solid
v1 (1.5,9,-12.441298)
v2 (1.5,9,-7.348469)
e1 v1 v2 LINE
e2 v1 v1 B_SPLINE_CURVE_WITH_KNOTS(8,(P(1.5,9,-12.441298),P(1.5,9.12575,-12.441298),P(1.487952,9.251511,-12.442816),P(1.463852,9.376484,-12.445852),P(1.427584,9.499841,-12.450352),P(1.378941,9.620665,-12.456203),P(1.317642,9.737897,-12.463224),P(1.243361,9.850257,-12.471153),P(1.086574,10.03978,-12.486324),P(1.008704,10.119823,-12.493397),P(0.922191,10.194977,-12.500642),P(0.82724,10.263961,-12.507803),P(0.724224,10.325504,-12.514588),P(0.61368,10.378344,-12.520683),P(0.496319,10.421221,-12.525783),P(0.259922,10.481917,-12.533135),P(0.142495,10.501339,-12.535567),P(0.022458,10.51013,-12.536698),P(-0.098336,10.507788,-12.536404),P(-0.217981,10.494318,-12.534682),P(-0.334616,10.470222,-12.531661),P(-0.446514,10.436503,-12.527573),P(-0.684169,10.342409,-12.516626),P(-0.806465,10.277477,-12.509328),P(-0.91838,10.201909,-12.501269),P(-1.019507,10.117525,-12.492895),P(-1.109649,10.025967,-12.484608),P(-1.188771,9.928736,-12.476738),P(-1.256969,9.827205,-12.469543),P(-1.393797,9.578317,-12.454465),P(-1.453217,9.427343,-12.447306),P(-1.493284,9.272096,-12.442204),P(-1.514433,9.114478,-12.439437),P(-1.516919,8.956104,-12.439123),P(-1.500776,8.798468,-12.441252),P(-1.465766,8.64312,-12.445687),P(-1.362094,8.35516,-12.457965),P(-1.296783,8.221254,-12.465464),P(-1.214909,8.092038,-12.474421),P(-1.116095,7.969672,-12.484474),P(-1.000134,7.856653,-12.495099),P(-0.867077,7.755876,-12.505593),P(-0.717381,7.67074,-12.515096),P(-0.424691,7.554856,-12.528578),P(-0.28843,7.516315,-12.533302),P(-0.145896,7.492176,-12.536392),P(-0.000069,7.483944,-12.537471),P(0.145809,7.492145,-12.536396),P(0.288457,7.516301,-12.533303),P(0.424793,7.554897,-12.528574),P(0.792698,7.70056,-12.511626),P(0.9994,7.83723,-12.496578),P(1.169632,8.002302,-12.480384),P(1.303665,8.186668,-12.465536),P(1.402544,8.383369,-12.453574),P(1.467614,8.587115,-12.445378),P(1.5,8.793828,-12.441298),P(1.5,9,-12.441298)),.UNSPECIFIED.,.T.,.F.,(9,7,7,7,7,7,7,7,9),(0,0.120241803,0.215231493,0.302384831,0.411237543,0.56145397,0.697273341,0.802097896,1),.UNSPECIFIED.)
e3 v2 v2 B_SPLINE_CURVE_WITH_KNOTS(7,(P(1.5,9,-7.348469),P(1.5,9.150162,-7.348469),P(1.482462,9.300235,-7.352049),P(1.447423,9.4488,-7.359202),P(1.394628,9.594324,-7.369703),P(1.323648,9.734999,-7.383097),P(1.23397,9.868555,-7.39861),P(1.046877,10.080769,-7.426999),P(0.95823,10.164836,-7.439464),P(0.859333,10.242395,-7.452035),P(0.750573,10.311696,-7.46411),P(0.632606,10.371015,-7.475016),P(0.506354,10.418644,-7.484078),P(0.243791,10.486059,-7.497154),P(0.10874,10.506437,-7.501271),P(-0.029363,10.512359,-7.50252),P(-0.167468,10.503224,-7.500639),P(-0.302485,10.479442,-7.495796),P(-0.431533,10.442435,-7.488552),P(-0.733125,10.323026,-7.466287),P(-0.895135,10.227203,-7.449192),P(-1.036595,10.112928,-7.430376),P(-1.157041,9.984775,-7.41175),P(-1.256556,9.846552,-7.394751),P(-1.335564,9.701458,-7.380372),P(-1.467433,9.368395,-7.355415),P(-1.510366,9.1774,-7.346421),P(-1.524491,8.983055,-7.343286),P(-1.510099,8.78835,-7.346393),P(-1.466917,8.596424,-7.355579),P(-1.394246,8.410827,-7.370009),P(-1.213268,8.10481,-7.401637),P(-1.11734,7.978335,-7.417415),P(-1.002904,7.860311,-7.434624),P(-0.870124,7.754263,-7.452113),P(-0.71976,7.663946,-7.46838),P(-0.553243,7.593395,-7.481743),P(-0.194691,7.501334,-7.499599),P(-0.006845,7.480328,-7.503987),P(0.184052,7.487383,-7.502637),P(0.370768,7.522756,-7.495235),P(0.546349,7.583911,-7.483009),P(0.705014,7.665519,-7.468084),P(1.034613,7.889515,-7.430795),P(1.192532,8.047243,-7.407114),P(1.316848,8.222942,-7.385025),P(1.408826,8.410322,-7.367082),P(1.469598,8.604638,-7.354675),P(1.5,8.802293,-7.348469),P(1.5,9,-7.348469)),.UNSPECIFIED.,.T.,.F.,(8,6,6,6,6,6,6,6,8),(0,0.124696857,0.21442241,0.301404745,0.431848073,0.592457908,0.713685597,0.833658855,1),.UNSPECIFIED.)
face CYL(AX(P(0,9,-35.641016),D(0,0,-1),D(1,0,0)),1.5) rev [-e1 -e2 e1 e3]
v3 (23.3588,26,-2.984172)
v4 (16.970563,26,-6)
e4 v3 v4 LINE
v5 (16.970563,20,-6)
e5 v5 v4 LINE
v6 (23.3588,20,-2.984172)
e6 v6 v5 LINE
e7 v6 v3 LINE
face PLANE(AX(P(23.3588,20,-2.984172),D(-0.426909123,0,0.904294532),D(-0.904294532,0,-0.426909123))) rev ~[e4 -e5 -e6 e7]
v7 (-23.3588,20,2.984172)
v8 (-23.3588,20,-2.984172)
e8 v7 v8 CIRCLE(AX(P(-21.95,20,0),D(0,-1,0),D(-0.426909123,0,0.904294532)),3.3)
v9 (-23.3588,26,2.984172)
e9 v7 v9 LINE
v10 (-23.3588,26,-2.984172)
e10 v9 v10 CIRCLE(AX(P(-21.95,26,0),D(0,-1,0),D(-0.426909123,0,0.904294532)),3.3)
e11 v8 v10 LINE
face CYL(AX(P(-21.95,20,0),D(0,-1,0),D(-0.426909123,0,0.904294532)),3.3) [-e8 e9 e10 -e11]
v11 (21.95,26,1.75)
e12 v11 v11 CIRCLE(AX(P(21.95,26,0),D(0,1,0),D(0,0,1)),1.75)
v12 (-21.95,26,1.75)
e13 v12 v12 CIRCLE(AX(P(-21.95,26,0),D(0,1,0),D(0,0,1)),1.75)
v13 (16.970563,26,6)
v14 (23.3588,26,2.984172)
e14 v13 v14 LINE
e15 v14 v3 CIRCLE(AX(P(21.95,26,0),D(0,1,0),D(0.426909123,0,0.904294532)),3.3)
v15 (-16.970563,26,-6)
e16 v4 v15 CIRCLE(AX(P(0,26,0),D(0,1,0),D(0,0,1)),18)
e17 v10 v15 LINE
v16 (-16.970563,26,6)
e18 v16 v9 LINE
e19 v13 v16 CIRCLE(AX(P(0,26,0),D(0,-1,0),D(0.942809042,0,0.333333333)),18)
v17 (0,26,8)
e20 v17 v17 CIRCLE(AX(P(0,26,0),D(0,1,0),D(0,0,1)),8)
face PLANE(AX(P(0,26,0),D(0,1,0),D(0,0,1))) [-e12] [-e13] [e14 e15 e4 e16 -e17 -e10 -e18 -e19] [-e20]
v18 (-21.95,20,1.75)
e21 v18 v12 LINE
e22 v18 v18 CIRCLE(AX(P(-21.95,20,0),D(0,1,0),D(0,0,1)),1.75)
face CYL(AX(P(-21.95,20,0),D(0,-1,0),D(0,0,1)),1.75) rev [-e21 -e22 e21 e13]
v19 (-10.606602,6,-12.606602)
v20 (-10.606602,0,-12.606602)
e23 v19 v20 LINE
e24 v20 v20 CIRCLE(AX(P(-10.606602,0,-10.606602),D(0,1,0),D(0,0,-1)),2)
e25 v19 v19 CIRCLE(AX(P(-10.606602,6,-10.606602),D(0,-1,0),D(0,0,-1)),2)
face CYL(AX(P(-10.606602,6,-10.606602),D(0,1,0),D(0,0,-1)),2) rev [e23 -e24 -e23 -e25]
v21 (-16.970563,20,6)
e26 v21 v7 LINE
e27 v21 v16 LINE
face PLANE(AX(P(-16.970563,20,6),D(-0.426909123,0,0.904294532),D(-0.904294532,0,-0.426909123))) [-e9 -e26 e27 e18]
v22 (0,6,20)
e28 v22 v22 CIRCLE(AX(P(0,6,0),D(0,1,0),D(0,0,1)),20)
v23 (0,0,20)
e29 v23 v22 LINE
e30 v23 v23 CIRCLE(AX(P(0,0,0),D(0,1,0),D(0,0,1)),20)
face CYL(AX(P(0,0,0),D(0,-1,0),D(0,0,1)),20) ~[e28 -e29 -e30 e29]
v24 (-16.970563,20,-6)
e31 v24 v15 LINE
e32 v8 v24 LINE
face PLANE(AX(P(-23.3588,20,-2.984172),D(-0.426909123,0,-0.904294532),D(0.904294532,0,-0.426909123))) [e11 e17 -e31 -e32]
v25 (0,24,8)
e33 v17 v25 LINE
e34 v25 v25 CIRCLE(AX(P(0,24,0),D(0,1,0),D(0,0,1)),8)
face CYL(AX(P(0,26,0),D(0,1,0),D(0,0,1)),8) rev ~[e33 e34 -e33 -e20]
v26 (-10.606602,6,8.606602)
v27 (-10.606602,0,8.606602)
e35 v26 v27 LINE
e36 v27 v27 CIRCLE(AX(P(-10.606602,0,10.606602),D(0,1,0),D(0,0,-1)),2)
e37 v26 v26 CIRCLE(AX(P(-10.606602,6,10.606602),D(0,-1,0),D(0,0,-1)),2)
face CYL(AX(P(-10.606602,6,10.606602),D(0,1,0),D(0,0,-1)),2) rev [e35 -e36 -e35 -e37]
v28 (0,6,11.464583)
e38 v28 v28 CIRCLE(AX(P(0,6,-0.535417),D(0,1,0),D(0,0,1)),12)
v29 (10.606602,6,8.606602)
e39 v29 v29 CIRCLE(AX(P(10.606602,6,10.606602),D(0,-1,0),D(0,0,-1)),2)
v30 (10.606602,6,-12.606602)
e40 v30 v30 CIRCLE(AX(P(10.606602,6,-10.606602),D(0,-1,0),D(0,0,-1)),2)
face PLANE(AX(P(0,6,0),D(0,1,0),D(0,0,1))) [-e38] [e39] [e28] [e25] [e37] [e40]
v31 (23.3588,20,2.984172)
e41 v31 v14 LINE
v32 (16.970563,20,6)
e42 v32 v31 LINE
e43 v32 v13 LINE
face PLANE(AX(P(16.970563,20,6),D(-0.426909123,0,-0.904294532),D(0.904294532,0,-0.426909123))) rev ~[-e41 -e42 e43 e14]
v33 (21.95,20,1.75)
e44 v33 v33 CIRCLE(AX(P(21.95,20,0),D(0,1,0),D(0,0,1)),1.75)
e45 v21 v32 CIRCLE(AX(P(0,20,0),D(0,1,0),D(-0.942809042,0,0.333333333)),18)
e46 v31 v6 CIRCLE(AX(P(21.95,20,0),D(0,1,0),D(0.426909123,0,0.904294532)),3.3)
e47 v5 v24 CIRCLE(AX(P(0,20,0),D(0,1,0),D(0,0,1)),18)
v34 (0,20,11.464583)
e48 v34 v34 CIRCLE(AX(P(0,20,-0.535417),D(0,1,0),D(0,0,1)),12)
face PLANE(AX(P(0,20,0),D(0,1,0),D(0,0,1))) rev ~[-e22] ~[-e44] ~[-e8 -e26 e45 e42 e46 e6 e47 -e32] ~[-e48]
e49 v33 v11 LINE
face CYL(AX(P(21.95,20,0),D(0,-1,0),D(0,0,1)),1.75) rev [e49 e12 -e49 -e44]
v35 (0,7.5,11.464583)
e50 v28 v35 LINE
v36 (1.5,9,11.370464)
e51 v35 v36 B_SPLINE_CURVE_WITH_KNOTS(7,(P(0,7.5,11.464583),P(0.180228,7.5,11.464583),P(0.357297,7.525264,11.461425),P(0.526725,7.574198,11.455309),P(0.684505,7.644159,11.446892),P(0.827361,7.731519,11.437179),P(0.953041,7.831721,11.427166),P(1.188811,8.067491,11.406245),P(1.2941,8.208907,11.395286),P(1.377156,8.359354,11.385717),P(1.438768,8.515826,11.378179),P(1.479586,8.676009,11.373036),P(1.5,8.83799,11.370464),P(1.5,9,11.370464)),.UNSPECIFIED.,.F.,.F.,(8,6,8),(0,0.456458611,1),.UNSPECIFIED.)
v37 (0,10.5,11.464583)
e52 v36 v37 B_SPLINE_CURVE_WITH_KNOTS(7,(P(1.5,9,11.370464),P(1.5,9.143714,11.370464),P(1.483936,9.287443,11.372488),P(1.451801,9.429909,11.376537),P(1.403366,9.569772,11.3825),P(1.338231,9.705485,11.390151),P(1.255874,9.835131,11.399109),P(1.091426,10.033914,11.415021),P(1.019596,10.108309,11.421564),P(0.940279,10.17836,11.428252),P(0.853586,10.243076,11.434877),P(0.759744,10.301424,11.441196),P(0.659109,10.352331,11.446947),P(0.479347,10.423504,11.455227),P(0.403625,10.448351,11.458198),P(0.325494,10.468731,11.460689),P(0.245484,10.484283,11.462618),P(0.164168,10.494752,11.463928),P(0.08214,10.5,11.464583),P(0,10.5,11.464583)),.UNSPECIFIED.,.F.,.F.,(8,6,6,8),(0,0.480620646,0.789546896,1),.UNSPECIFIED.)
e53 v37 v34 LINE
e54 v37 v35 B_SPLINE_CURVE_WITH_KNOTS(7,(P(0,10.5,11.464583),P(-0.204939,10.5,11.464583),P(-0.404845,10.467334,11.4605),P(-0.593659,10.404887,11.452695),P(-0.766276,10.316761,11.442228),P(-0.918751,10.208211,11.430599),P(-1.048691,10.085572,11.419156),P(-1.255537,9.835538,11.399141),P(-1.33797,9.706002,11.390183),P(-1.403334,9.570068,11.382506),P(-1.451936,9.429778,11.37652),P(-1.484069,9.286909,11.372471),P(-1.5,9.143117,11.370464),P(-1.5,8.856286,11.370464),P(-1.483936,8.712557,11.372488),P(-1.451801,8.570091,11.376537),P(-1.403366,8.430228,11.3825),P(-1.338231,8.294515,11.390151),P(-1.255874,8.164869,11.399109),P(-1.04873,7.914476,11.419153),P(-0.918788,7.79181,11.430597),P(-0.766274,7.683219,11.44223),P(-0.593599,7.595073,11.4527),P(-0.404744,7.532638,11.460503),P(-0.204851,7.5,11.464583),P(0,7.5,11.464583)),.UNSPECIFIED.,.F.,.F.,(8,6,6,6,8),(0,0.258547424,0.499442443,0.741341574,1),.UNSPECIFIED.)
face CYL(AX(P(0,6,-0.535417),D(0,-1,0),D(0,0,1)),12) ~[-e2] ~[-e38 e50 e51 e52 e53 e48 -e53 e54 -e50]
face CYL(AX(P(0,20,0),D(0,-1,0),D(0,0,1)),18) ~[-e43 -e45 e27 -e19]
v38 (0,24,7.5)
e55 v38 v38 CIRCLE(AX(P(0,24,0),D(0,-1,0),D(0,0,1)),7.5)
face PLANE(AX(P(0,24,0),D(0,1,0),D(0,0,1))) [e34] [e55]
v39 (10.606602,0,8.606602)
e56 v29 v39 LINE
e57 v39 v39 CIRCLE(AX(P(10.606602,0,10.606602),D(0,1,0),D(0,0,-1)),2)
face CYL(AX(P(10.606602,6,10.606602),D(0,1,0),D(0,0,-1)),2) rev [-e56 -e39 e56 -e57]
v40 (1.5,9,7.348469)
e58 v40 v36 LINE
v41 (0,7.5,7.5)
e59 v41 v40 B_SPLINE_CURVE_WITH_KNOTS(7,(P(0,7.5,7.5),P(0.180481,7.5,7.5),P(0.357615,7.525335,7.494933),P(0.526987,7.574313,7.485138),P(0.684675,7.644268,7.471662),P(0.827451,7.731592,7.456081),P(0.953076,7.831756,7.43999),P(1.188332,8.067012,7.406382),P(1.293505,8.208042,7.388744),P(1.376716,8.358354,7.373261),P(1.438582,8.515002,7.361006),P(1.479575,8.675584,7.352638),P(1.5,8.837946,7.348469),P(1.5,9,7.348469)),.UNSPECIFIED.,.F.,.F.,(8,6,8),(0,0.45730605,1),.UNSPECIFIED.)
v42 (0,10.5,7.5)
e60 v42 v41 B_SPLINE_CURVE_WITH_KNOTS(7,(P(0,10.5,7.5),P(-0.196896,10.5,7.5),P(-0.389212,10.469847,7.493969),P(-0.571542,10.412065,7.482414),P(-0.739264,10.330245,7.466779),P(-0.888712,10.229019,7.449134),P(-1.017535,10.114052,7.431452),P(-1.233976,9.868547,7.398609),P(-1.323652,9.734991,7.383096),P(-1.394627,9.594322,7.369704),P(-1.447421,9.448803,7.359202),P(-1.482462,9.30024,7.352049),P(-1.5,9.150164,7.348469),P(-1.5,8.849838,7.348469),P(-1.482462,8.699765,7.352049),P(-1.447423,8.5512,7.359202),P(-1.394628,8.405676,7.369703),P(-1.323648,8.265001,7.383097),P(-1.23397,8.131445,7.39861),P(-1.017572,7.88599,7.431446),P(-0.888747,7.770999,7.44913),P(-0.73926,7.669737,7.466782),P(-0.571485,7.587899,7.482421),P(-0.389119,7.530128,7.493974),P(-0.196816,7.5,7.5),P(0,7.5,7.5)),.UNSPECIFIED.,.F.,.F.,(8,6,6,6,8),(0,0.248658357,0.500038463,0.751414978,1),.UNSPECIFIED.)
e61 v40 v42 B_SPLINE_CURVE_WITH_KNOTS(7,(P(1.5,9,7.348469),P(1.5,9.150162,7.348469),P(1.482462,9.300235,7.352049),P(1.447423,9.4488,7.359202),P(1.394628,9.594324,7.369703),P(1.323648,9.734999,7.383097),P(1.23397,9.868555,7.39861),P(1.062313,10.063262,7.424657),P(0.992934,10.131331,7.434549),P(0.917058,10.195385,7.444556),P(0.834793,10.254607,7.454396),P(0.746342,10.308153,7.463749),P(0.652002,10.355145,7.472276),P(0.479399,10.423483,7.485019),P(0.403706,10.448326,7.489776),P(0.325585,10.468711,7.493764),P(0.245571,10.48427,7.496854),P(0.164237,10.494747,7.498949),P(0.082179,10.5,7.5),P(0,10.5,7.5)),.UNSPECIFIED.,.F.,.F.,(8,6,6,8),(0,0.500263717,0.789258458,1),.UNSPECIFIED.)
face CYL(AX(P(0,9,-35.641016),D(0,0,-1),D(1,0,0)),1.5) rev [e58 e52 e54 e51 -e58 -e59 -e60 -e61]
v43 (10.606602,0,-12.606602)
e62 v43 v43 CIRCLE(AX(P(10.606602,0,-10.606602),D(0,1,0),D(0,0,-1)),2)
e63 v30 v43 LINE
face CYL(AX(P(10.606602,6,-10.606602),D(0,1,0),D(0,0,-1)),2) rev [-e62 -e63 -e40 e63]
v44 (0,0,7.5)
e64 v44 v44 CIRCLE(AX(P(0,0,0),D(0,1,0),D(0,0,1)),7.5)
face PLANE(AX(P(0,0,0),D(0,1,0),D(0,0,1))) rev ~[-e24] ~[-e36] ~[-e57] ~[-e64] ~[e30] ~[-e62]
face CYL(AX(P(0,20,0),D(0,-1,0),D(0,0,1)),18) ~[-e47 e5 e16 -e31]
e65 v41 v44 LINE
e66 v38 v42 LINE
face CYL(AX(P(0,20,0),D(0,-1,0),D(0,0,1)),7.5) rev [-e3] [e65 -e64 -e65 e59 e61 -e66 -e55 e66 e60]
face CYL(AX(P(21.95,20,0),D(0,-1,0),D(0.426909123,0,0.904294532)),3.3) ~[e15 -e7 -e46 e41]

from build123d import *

# Parameters (mm, degrees)
SKETCH1_R               = 20
SKETCH1_R_2             = 7.5
BOSS_EXTRUDE1_DEPTH     = 6
SKETCH2_R               = 12
SKETCH2_R_2             = 7.5
BOSS_EXTRUDE2_DEPTH     = 14
CUT_EXTRUDE1_DEPTH      = 35.641016151
CUT_EXTRUDE1_DEPTH_BACK = 35.641016151
SKETCH3_R               = 1.5
SKETCH4_R               = 18
SKETCH4_R_2             = 7.5
BOSS_EXTRUDE3_DEPTH     = 6
BOSS_EXTRUDE4_START     = -6
SKETCH5_R               = 1.75
BOSS_EXTRUDE4_DEPTH     = 6
CUT_EXTRUDE2_DEPTH      = 42.39519906
CUT_EXTRUDE2_DEPTH_BACK = 6
SKETCH6_R               = 2
SKETCH7_R               = 8
CUT_EXTRUDE3_DEPTH      = 2


with BuildPart() as part:
    # Sketch1 → Boss-Extrude1 (new body)
    with BuildSketch(Plane(origin=(0, 0, 0), x_dir=(1, 0, 0), z_dir=(0, 1, 0))):
        with Locations(Location((0, 0, 0), (0, 0, 270))):
            Circle(SKETCH1_R)
        with Locations(Location((0, 0, 0), (0, 0, 270))):
            Circle(SKETCH1_R_2, mode=Mode.SUBTRACT)
    extrude(amount=BOSS_EXTRUDE1_DEPTH)

    # Sketch2 → Boss-Extrude2 (add)
    with BuildSketch(Plane(origin=(0, 6, 0), x_dir=(1, 0, 0), z_dir=(0, 1, 0))):
        with Locations(Location((0, 0.535416774, 0), (0, 0, 270))):
            Circle(SKETCH2_R)
        with Locations(Location((0, 0, 0), (0, 0, 270))):
            Circle(SKETCH2_R_2, mode=Mode.SUBTRACT)
    extrude(amount=BOSS_EXTRUDE2_DEPTH)

    # Sketch3 → Cut-Extrude1 (cut, two sides: drawn at the far end of the back side and taken through both)
    with BuildSketch(Plane.XY.offset(-CUT_EXTRUDE1_DEPTH_BACK)):
        with Locations((0, 9)):
            Circle(SKETCH3_R)
    extrude(amount=CUT_EXTRUDE1_DEPTH + CUT_EXTRUDE1_DEPTH_BACK, mode=Mode.SUBTRACT)

    # Sketch4 → Boss-Extrude3 (add)
    with BuildSketch(Plane(origin=(0, 20, 0), x_dir=(1, 0, 0), z_dir=(0, 1, 0))):
        with Locations(Location((0, 0, 0), (0, 0, 270))):
            Circle(SKETCH4_R)
        with Locations(Location((0, 0, 0), (0, 0, 270))):
            Circle(SKETCH4_R_2, mode=Mode.SUBTRACT)
    extrude(amount=BOSS_EXTRUDE3_DEPTH)

    # Sketch5 → Boss-Extrude4 (add)
    # profile 1 of 2: a face of its own
    with BuildSketch(Plane(origin=(0, 26, 0), x_dir=(1, 0, 0), z_dir=(0, 1, 0)).offset(BOSS_EXTRUDE4_START)):
        with BuildLine():
            Line((-23.358800107, 2.984171955), (-16.970562748, 6))
            ThreePointArc((-16.970562748, 6), (-18, 0), (-16.970562748, -6))
            Line((-16.970562748, -6), (-23.358800107, -2.984171955))
            ThreePointArc((-23.358800107, -2.984171955), (-25.25, 0), (-23.358800107, 2.984171955))
        make_face()
        with Locations(Location((-21.95, 0, 0), (0, 0, 270))):
            Circle(SKETCH5_R, mode=Mode.SUBTRACT)
    # profile 2 of 2: a face of its own
    with BuildSketch(Plane(origin=(0, 26, 0), x_dir=(1, 0, 0), z_dir=(0, 1, 0)).offset(BOSS_EXTRUDE4_START)):
        with BuildLine():
            Line((23.358800107, 2.984171955), (16.970562748, 6))
            ThreePointArc((16.970562748, 6), (18, 0), (16.970562748, -6))
            Line((16.970562748, -6), (23.358800107, -2.984171955))
            ThreePointArc((23.358800107, -2.984171955), (25.25, 0), (23.358800107, 2.984171955))
        make_face()
        with Locations(Location((21.95, 0, 0), (0, 0, 270))):
            Circle(SKETCH5_R, mode=Mode.SUBTRACT)
    extrude(amount=BOSS_EXTRUDE4_DEPTH)

    # Sketch6 → Cut-Extrude2 (cut, two sides: drawn at the far end of the back side and taken through both)
    with BuildSketch(Plane.XZ.offset(-CUT_EXTRUDE2_DEPTH_BACK)):
        with Locations(Location((-10.606601718, 10.606601718, 0), (0, 0, 270))):
            Circle(SKETCH6_R)
        with Locations(Location((10.606601718, 10.606601718, 0), (0, 0, 270))):
            Circle(SKETCH6_R)
        with Locations(Location((10.606601718, -10.606601718, 0), (0, 0, 270))):
            Circle(SKETCH6_R)
        with Locations(Location((-10.606601718, -10.606601718, 0), (0, 0, 270))):
            Circle(SKETCH6_R)
    extrude(amount=CUT_EXTRUDE2_DEPTH + CUT_EXTRUDE2_DEPTH_BACK, mode=Mode.SUBTRACT)

    # Sketch7 → Cut-Extrude3 (cut)
    with BuildSketch(Plane(origin=(0, 26, 0), x_dir=(1, 0, 0), z_dir=(0, 1, 0))):
        with Locations(Location((0, 0, 0), (0, 0, 270))):
            Circle(SKETCH7_R)
    extrude(amount=-CUT_EXTRUDE3_DEPTH, mode=Mode.SUBTRACT)


solid = part.part
